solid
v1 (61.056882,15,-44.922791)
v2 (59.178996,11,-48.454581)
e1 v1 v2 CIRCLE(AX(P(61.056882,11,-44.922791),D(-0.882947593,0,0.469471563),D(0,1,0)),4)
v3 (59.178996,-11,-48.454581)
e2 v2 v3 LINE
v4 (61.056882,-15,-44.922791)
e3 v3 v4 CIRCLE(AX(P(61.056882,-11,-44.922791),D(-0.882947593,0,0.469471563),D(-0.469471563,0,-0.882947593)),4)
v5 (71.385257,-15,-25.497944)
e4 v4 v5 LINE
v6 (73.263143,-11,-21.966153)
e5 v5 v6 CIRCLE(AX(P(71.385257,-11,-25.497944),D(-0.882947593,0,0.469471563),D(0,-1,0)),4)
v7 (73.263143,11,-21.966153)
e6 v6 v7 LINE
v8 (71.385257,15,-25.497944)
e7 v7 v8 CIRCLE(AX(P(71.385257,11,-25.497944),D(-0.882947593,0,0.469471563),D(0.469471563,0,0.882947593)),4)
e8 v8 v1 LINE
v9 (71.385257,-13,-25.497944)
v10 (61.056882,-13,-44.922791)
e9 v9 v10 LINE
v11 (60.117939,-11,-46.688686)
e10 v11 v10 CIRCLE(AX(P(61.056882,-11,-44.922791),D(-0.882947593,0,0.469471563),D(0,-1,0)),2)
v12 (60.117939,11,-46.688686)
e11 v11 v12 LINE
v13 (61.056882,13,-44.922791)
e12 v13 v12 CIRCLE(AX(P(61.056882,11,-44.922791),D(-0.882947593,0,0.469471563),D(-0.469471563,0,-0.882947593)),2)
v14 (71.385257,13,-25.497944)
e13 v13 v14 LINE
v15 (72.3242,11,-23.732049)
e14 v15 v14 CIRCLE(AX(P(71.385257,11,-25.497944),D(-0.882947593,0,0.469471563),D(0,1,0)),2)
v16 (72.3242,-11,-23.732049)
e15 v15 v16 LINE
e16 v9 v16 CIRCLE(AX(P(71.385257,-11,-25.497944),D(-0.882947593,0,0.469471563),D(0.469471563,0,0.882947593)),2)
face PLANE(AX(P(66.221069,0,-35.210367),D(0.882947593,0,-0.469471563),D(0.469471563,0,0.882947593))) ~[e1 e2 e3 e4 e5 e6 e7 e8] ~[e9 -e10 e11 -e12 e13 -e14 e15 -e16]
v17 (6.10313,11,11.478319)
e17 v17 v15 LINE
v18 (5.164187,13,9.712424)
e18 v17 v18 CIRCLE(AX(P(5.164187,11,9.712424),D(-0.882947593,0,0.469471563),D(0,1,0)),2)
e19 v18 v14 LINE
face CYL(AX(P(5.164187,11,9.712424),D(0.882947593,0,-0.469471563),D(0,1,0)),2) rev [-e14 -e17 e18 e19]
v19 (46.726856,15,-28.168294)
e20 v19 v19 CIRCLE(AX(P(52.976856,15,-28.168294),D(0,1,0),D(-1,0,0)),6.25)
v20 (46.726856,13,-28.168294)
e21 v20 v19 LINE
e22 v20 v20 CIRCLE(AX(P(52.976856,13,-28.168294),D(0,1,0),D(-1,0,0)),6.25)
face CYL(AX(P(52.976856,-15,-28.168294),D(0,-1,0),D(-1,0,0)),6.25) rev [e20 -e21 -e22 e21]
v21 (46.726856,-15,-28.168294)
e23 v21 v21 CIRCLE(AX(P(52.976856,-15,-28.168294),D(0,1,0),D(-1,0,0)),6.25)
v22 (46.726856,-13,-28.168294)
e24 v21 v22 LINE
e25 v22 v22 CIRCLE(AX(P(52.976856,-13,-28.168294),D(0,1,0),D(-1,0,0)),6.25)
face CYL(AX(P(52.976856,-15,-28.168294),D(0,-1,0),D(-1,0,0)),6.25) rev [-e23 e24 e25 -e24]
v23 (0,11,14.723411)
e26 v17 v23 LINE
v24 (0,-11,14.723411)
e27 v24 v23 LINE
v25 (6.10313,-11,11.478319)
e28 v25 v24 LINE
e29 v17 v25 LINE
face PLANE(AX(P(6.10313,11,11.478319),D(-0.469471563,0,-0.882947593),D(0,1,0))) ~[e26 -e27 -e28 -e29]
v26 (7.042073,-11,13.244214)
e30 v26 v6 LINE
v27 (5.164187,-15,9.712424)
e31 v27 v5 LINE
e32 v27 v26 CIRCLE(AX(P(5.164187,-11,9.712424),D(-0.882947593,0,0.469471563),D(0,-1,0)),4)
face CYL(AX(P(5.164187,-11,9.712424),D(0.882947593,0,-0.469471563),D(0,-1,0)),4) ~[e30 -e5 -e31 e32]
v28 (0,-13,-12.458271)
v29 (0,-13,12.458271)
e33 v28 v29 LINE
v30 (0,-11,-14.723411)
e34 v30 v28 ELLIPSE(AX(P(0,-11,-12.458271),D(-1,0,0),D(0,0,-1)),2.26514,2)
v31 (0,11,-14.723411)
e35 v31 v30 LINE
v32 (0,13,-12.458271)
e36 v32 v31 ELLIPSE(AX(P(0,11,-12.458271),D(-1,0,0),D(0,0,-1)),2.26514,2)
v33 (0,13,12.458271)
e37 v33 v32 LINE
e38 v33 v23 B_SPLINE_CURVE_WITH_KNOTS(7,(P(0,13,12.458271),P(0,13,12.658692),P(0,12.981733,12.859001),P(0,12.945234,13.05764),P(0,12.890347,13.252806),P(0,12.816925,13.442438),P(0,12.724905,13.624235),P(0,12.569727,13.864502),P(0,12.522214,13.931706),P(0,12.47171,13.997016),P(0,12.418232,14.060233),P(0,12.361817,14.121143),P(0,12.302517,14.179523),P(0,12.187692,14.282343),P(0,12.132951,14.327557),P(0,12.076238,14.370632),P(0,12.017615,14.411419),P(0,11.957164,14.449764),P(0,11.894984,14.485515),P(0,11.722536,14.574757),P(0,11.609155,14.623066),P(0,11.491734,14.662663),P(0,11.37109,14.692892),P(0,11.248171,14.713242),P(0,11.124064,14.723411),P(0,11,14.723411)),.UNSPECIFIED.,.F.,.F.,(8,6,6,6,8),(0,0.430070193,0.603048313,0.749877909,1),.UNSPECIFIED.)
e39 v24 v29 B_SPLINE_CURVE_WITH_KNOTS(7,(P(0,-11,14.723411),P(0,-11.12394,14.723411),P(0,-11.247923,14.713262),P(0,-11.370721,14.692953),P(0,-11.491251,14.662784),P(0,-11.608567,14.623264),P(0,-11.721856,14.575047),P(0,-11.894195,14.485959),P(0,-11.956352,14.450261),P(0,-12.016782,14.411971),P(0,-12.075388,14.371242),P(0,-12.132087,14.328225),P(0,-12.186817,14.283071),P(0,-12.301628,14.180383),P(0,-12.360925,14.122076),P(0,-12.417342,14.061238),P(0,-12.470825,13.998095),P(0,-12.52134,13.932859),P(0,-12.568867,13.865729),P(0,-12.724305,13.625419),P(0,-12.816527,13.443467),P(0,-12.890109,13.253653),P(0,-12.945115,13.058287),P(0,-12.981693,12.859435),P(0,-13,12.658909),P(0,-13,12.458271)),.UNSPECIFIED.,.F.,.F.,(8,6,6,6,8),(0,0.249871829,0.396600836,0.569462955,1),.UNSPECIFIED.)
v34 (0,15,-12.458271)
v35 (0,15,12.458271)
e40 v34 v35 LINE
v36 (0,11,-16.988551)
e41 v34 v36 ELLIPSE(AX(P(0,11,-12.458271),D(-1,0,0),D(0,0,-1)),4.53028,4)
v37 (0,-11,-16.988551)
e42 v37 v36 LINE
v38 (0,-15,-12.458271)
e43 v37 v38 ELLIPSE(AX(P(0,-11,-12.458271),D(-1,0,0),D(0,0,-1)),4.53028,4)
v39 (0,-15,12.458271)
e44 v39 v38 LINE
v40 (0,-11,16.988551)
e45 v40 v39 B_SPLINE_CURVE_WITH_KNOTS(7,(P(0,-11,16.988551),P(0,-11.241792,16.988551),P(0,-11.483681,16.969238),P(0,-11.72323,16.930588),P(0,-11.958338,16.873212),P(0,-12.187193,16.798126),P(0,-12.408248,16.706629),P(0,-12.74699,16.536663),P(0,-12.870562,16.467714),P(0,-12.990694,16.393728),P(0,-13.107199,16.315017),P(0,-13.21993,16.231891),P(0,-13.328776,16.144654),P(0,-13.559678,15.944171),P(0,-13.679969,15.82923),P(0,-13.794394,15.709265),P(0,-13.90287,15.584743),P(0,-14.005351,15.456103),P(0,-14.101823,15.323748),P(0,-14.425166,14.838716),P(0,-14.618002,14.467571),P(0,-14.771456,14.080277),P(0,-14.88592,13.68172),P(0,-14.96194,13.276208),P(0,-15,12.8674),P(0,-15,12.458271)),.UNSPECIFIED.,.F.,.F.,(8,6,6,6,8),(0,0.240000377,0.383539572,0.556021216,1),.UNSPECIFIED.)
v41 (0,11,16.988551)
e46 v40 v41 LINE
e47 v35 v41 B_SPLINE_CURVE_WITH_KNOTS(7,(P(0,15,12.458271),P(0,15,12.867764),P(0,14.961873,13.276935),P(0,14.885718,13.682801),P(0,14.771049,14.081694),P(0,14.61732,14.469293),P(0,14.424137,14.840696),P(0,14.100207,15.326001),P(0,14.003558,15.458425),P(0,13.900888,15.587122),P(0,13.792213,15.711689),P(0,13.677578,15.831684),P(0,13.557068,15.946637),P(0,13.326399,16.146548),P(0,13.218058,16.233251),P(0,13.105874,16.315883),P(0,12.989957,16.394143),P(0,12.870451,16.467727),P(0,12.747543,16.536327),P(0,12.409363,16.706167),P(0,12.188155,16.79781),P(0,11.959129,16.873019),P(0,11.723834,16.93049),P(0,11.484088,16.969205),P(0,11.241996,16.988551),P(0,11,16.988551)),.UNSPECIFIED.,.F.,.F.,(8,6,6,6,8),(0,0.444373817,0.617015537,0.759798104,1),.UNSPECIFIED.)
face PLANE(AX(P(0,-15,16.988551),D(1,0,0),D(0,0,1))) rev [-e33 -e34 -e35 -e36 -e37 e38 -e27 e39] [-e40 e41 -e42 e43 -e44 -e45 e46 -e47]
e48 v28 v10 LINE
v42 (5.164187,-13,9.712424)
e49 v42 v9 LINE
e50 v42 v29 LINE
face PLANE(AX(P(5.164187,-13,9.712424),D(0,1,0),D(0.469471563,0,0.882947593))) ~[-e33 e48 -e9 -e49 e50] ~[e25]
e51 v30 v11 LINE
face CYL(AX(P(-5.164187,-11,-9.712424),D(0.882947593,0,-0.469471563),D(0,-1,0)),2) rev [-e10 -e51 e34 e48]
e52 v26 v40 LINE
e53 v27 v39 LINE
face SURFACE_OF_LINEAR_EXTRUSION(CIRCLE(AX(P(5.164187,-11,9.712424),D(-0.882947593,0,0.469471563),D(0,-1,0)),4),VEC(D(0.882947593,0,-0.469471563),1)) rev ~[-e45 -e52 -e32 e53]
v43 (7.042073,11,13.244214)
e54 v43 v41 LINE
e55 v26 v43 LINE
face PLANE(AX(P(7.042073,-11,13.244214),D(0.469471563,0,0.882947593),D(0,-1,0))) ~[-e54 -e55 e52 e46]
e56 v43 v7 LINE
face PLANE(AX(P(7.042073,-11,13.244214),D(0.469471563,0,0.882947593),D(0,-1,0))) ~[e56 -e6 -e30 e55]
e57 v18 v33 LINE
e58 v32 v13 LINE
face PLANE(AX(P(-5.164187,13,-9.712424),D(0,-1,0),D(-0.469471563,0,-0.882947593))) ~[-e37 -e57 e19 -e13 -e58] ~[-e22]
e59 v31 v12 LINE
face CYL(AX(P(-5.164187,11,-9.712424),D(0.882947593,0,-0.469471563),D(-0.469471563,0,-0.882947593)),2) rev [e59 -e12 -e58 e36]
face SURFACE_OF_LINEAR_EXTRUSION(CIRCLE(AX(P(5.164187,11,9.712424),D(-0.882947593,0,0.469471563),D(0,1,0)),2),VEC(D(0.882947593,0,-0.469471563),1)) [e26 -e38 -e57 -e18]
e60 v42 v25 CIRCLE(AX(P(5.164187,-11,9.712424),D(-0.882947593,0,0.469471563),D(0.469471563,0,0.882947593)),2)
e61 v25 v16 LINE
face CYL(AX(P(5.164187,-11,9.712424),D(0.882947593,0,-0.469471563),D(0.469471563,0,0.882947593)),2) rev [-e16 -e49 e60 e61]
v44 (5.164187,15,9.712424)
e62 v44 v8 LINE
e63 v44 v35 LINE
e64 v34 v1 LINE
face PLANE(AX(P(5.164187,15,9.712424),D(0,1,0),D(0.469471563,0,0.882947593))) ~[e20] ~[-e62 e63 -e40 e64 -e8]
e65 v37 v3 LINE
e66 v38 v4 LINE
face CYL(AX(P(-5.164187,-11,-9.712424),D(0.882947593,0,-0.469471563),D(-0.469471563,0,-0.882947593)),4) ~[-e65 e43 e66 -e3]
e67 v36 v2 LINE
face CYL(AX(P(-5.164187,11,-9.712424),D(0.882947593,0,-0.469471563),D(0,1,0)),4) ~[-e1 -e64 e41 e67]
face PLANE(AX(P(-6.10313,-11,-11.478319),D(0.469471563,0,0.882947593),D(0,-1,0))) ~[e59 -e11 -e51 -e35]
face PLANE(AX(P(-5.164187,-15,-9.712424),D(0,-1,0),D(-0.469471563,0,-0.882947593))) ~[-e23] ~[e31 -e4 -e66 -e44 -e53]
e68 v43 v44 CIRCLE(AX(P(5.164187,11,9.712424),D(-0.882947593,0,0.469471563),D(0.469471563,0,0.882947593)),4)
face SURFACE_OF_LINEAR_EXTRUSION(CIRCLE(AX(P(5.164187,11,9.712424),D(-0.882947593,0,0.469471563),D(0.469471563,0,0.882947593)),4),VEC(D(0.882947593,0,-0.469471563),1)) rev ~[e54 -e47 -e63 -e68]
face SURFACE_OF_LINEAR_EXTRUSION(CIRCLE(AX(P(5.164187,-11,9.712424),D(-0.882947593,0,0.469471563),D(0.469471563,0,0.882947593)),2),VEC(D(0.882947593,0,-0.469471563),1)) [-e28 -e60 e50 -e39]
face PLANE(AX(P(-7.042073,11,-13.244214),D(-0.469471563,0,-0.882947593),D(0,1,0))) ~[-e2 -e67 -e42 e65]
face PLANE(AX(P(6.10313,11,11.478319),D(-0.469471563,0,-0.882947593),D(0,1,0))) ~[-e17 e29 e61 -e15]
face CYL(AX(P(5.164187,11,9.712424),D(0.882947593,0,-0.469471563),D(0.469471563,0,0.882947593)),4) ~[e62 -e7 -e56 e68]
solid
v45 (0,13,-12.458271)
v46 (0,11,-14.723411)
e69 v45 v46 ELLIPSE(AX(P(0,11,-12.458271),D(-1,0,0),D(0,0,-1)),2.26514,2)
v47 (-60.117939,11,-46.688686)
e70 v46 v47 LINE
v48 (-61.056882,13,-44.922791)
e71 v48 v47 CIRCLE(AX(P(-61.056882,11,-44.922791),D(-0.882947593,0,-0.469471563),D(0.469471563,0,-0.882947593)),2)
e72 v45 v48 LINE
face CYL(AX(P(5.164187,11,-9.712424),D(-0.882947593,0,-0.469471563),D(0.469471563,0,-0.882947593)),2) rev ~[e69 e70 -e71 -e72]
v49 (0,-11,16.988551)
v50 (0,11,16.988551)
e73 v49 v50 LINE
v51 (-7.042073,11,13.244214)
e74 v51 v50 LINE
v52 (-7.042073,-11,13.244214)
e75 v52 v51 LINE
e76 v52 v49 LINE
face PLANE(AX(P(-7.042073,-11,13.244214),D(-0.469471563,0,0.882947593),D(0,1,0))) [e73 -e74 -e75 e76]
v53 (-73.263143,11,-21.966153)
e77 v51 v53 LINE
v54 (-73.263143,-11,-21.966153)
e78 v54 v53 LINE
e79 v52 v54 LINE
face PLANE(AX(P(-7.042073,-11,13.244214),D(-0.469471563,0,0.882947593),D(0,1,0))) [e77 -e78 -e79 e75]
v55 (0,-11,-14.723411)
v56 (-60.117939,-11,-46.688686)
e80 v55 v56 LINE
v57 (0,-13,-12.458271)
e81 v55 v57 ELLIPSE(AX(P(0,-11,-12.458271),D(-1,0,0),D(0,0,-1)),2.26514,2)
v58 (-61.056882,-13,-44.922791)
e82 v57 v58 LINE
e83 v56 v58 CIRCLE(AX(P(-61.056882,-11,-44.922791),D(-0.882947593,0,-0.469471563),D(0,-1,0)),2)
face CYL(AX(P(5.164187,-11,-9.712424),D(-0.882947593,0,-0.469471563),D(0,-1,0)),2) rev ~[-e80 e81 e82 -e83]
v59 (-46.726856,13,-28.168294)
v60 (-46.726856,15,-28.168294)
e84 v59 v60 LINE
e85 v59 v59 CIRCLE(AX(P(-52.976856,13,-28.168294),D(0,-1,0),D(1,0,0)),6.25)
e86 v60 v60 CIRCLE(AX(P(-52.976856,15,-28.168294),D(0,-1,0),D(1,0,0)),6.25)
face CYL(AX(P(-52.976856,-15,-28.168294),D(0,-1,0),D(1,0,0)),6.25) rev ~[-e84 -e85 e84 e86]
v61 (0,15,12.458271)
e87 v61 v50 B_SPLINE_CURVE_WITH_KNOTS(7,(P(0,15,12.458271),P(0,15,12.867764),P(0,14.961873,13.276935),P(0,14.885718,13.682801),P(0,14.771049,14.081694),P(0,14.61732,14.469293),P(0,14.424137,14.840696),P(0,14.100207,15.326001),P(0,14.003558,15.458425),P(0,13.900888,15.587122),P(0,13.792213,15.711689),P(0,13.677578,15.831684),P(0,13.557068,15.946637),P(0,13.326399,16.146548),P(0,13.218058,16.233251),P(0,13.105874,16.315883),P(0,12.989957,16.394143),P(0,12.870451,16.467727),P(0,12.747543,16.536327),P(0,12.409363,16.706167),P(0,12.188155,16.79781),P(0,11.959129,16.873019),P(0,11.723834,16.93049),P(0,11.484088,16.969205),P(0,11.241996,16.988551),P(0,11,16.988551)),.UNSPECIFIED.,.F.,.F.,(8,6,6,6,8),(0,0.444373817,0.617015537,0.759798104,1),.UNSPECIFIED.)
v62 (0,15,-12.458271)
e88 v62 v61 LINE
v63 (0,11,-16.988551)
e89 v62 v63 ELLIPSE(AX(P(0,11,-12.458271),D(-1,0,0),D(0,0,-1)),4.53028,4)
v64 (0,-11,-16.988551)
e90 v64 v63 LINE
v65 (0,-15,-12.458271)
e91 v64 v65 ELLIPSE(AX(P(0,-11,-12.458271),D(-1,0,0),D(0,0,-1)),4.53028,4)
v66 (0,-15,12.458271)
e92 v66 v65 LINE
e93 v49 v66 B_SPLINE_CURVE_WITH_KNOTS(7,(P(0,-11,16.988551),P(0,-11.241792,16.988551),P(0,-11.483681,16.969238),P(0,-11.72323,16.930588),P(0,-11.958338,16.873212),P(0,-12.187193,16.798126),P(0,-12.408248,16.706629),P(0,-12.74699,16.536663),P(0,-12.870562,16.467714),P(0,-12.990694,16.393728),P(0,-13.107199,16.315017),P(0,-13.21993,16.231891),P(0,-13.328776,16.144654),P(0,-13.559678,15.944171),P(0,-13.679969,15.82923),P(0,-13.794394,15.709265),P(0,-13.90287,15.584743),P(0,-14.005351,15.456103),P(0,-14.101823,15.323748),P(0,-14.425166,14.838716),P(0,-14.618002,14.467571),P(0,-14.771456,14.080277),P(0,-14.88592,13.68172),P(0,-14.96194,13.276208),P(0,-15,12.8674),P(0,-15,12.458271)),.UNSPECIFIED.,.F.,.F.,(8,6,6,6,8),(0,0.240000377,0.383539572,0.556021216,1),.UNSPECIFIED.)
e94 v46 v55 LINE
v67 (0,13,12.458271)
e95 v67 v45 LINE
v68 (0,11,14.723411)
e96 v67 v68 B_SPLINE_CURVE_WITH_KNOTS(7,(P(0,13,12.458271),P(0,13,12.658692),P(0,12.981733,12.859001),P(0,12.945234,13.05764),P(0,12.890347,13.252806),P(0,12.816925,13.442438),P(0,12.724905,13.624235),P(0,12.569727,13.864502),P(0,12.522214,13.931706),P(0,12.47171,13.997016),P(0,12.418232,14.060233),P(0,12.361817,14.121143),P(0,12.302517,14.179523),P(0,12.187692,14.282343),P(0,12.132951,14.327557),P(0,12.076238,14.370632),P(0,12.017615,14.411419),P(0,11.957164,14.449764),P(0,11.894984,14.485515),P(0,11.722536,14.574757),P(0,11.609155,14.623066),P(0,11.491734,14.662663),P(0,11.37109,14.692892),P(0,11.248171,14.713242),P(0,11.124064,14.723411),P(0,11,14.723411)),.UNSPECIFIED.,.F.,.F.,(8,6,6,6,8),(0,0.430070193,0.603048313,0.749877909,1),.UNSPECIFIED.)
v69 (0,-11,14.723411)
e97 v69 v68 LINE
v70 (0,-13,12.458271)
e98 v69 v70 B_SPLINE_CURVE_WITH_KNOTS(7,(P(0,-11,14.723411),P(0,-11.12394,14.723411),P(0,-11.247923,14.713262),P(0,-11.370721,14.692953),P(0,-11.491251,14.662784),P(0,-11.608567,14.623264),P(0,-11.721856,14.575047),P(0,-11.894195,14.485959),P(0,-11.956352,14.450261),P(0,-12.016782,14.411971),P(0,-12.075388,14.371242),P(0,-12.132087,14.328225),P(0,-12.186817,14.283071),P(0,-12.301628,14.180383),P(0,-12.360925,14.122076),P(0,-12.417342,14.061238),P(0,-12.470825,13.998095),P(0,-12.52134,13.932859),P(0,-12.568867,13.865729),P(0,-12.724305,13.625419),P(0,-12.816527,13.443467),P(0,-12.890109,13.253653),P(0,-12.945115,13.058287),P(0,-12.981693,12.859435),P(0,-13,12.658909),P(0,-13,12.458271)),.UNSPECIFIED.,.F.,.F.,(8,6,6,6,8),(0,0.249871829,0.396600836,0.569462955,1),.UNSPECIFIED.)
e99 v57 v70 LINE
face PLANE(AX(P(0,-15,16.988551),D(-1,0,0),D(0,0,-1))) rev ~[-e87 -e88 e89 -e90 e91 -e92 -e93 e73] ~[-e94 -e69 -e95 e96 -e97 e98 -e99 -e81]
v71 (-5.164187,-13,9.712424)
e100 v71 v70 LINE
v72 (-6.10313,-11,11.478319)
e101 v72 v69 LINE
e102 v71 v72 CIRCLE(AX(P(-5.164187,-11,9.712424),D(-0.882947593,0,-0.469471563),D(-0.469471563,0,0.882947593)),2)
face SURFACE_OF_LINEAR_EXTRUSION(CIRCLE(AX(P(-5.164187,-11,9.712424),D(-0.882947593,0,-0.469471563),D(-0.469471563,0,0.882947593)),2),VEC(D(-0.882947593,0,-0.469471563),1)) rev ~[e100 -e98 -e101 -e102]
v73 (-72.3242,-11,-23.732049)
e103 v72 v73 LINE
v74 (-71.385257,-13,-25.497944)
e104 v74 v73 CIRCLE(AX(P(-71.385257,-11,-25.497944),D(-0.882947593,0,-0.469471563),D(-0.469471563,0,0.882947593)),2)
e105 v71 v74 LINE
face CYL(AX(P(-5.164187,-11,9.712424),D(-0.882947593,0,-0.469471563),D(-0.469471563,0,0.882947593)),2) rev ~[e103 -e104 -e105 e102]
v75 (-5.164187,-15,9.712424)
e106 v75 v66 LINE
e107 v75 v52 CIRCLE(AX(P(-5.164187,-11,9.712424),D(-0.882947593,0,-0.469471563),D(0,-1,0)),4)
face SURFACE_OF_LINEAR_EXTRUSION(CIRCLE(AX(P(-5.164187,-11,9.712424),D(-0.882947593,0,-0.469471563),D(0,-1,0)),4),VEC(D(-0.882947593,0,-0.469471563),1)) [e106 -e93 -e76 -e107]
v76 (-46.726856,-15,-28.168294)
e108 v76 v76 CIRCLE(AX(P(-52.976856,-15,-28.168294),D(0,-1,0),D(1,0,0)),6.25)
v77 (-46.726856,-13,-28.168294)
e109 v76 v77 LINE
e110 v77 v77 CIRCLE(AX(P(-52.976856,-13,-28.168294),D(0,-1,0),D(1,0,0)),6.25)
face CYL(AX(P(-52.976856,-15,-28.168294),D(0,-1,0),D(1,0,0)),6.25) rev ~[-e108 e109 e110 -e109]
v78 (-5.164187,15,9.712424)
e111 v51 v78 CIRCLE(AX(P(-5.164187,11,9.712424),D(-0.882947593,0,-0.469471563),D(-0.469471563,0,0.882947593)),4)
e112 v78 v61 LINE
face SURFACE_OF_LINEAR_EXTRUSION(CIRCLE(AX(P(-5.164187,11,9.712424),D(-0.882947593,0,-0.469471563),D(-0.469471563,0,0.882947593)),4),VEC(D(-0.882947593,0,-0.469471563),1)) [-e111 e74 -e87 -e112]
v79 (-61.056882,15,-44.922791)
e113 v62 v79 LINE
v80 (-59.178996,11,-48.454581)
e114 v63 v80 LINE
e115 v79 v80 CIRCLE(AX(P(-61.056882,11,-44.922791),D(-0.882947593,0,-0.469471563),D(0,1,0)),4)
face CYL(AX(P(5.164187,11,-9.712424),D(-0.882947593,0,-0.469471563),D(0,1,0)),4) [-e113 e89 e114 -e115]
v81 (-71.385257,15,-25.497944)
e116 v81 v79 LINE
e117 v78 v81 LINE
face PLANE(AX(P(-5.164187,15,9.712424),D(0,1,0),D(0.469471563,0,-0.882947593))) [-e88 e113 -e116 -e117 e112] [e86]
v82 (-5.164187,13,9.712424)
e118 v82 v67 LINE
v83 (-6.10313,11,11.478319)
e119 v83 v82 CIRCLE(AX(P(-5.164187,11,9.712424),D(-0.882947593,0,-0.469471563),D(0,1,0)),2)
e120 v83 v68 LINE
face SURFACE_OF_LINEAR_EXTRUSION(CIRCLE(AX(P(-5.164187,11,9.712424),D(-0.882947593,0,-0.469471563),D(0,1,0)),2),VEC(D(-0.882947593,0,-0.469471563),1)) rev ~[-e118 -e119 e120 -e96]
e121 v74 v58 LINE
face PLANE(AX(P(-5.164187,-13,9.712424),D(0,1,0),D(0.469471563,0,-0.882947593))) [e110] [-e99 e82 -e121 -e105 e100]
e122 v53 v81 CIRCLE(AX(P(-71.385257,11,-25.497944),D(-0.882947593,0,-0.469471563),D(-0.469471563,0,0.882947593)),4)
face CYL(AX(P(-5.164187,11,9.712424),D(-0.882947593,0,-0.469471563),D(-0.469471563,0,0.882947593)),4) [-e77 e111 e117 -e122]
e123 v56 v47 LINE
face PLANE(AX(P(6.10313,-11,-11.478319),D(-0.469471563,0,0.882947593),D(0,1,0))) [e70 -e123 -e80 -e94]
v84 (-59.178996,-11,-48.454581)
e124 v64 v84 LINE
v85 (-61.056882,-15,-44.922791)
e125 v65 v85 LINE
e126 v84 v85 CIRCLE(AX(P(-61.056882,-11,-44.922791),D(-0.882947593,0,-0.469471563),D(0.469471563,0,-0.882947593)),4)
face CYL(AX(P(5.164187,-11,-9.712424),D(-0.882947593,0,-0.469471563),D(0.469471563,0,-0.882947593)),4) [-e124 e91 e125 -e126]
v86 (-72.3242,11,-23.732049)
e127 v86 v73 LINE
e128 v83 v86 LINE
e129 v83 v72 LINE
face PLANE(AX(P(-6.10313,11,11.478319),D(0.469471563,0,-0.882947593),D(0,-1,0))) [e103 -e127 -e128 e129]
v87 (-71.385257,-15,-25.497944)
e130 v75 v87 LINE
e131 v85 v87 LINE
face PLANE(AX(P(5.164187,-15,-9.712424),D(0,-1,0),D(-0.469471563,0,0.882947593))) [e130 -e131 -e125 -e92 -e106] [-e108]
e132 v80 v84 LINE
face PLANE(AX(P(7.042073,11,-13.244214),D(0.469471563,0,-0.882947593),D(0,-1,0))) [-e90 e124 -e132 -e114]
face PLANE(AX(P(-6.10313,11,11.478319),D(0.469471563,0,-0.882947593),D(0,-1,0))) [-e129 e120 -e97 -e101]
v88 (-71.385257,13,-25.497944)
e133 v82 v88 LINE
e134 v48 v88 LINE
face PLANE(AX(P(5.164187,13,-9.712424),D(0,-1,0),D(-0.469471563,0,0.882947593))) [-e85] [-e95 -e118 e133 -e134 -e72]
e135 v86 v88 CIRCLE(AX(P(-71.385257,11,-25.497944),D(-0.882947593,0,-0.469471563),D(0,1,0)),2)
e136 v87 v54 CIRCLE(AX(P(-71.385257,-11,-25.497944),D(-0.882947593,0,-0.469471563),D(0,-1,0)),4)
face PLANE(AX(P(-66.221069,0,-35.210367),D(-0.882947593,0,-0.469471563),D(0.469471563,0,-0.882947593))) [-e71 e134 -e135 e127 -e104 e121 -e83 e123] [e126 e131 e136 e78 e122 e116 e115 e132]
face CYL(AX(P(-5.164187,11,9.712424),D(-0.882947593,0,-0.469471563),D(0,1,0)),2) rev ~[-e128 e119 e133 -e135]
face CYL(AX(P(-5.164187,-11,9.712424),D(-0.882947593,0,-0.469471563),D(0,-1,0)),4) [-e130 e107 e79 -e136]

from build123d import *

# Parameters (mm, degrees)
F4_DEPTH = 25
F6_DEPTH = 30.001
F7_R     = 6.25
F8_DEPTH = 30.001


with BuildPart() as f3:
    # F3: sweep along a path in F0
    with BuildLine(Plane.XZ) as f3_path:
        Line((0, 0), (-66.2210694644, -35.2103672089))
    # F2 (on line) → F3 (sweep)
    with BuildSketch(Plane(origin=(-66.2210694644, 0, -35.2103672089), x_dir=(0, -1, 0), z_dir=(-0.8829475929, 0, -0.4694715628))):
        with BuildLine():
            Line((-11, -15), (11, -15))
            ThreePointArc((11, -15), (13.8284271247, -13.8284271247), (15, -11))
            Line((15, -11), (15, 11))
            ThreePointArc((15, 11), (13.8284271247, 13.8284271247), (11, 15))
            Line((11, 15), (-11, 15))
            ThreePointArc((-11, 15), (-13.8284271247, 13.8284271247), (-15, 11))
            Line((-15, 11), (-15, -11))
            ThreePointArc((-15, -11), (-13.8284271247, -13.8284271247), (-11, -15))
        make_face()
        with BuildLine():
            ThreePointArc((-11, -13), (-12.4142135624, -12.4142135624), (-13, -11))
            Line((-13, -11), (-13, 11))
            ThreePointArc((-13, 11), (-12.4142135624, 12.4142135624), (-11, 13))
            Line((-11, 13), (11, 13))
            ThreePointArc((11, 13), (12.4142135624, 12.4142135624), (13, 11))
            Line((13, 11), (13, -11))
            ThreePointArc((13, -11), (12.4142135624, -12.4142135624), (11, -13))
            Line((11, -13), (-11, -13))
        make_face(mode=Mode.SUBTRACT)
    sweep(path=f3_path.line)

    # F4 (add): a face of the model
    f4_faces = [f3.faces().sort_by_distance(p)[0] for p in [
        (6.8428935264, 0, -12.8696109547),
    ]]
    extrude(f4_faces, amount=F4_DEPTH)

    # F5 (on face) → F6 (cut, through all)
    with BuildSketch(Plane.XZ.offset(15)):
        Polygon((15.0316163797, 24.9810029625), (0, 16.9885507603), (0, -16.9885507603), (29.1157632633, -1.5074248232), align=None)
    extrude(amount=-F6_DEPTH, mode=Mode.SUBTRACT)

    # F7 (on face) → F8 (cut, through all)
    with BuildSketch(Plane.XZ.offset(15)):
        with Locations((-52.9768555715, -28.1682937672)):
            Circle(F7_R)
    extrude(amount=-F8_DEPTH, mode=Mode.SUBTRACT)


with BuildPart() as f9_1:
    # F9: instance of F3
    add(f3.part.mirror(Plane.YZ))


solid = Compound([f3.part, f9_1.part])
